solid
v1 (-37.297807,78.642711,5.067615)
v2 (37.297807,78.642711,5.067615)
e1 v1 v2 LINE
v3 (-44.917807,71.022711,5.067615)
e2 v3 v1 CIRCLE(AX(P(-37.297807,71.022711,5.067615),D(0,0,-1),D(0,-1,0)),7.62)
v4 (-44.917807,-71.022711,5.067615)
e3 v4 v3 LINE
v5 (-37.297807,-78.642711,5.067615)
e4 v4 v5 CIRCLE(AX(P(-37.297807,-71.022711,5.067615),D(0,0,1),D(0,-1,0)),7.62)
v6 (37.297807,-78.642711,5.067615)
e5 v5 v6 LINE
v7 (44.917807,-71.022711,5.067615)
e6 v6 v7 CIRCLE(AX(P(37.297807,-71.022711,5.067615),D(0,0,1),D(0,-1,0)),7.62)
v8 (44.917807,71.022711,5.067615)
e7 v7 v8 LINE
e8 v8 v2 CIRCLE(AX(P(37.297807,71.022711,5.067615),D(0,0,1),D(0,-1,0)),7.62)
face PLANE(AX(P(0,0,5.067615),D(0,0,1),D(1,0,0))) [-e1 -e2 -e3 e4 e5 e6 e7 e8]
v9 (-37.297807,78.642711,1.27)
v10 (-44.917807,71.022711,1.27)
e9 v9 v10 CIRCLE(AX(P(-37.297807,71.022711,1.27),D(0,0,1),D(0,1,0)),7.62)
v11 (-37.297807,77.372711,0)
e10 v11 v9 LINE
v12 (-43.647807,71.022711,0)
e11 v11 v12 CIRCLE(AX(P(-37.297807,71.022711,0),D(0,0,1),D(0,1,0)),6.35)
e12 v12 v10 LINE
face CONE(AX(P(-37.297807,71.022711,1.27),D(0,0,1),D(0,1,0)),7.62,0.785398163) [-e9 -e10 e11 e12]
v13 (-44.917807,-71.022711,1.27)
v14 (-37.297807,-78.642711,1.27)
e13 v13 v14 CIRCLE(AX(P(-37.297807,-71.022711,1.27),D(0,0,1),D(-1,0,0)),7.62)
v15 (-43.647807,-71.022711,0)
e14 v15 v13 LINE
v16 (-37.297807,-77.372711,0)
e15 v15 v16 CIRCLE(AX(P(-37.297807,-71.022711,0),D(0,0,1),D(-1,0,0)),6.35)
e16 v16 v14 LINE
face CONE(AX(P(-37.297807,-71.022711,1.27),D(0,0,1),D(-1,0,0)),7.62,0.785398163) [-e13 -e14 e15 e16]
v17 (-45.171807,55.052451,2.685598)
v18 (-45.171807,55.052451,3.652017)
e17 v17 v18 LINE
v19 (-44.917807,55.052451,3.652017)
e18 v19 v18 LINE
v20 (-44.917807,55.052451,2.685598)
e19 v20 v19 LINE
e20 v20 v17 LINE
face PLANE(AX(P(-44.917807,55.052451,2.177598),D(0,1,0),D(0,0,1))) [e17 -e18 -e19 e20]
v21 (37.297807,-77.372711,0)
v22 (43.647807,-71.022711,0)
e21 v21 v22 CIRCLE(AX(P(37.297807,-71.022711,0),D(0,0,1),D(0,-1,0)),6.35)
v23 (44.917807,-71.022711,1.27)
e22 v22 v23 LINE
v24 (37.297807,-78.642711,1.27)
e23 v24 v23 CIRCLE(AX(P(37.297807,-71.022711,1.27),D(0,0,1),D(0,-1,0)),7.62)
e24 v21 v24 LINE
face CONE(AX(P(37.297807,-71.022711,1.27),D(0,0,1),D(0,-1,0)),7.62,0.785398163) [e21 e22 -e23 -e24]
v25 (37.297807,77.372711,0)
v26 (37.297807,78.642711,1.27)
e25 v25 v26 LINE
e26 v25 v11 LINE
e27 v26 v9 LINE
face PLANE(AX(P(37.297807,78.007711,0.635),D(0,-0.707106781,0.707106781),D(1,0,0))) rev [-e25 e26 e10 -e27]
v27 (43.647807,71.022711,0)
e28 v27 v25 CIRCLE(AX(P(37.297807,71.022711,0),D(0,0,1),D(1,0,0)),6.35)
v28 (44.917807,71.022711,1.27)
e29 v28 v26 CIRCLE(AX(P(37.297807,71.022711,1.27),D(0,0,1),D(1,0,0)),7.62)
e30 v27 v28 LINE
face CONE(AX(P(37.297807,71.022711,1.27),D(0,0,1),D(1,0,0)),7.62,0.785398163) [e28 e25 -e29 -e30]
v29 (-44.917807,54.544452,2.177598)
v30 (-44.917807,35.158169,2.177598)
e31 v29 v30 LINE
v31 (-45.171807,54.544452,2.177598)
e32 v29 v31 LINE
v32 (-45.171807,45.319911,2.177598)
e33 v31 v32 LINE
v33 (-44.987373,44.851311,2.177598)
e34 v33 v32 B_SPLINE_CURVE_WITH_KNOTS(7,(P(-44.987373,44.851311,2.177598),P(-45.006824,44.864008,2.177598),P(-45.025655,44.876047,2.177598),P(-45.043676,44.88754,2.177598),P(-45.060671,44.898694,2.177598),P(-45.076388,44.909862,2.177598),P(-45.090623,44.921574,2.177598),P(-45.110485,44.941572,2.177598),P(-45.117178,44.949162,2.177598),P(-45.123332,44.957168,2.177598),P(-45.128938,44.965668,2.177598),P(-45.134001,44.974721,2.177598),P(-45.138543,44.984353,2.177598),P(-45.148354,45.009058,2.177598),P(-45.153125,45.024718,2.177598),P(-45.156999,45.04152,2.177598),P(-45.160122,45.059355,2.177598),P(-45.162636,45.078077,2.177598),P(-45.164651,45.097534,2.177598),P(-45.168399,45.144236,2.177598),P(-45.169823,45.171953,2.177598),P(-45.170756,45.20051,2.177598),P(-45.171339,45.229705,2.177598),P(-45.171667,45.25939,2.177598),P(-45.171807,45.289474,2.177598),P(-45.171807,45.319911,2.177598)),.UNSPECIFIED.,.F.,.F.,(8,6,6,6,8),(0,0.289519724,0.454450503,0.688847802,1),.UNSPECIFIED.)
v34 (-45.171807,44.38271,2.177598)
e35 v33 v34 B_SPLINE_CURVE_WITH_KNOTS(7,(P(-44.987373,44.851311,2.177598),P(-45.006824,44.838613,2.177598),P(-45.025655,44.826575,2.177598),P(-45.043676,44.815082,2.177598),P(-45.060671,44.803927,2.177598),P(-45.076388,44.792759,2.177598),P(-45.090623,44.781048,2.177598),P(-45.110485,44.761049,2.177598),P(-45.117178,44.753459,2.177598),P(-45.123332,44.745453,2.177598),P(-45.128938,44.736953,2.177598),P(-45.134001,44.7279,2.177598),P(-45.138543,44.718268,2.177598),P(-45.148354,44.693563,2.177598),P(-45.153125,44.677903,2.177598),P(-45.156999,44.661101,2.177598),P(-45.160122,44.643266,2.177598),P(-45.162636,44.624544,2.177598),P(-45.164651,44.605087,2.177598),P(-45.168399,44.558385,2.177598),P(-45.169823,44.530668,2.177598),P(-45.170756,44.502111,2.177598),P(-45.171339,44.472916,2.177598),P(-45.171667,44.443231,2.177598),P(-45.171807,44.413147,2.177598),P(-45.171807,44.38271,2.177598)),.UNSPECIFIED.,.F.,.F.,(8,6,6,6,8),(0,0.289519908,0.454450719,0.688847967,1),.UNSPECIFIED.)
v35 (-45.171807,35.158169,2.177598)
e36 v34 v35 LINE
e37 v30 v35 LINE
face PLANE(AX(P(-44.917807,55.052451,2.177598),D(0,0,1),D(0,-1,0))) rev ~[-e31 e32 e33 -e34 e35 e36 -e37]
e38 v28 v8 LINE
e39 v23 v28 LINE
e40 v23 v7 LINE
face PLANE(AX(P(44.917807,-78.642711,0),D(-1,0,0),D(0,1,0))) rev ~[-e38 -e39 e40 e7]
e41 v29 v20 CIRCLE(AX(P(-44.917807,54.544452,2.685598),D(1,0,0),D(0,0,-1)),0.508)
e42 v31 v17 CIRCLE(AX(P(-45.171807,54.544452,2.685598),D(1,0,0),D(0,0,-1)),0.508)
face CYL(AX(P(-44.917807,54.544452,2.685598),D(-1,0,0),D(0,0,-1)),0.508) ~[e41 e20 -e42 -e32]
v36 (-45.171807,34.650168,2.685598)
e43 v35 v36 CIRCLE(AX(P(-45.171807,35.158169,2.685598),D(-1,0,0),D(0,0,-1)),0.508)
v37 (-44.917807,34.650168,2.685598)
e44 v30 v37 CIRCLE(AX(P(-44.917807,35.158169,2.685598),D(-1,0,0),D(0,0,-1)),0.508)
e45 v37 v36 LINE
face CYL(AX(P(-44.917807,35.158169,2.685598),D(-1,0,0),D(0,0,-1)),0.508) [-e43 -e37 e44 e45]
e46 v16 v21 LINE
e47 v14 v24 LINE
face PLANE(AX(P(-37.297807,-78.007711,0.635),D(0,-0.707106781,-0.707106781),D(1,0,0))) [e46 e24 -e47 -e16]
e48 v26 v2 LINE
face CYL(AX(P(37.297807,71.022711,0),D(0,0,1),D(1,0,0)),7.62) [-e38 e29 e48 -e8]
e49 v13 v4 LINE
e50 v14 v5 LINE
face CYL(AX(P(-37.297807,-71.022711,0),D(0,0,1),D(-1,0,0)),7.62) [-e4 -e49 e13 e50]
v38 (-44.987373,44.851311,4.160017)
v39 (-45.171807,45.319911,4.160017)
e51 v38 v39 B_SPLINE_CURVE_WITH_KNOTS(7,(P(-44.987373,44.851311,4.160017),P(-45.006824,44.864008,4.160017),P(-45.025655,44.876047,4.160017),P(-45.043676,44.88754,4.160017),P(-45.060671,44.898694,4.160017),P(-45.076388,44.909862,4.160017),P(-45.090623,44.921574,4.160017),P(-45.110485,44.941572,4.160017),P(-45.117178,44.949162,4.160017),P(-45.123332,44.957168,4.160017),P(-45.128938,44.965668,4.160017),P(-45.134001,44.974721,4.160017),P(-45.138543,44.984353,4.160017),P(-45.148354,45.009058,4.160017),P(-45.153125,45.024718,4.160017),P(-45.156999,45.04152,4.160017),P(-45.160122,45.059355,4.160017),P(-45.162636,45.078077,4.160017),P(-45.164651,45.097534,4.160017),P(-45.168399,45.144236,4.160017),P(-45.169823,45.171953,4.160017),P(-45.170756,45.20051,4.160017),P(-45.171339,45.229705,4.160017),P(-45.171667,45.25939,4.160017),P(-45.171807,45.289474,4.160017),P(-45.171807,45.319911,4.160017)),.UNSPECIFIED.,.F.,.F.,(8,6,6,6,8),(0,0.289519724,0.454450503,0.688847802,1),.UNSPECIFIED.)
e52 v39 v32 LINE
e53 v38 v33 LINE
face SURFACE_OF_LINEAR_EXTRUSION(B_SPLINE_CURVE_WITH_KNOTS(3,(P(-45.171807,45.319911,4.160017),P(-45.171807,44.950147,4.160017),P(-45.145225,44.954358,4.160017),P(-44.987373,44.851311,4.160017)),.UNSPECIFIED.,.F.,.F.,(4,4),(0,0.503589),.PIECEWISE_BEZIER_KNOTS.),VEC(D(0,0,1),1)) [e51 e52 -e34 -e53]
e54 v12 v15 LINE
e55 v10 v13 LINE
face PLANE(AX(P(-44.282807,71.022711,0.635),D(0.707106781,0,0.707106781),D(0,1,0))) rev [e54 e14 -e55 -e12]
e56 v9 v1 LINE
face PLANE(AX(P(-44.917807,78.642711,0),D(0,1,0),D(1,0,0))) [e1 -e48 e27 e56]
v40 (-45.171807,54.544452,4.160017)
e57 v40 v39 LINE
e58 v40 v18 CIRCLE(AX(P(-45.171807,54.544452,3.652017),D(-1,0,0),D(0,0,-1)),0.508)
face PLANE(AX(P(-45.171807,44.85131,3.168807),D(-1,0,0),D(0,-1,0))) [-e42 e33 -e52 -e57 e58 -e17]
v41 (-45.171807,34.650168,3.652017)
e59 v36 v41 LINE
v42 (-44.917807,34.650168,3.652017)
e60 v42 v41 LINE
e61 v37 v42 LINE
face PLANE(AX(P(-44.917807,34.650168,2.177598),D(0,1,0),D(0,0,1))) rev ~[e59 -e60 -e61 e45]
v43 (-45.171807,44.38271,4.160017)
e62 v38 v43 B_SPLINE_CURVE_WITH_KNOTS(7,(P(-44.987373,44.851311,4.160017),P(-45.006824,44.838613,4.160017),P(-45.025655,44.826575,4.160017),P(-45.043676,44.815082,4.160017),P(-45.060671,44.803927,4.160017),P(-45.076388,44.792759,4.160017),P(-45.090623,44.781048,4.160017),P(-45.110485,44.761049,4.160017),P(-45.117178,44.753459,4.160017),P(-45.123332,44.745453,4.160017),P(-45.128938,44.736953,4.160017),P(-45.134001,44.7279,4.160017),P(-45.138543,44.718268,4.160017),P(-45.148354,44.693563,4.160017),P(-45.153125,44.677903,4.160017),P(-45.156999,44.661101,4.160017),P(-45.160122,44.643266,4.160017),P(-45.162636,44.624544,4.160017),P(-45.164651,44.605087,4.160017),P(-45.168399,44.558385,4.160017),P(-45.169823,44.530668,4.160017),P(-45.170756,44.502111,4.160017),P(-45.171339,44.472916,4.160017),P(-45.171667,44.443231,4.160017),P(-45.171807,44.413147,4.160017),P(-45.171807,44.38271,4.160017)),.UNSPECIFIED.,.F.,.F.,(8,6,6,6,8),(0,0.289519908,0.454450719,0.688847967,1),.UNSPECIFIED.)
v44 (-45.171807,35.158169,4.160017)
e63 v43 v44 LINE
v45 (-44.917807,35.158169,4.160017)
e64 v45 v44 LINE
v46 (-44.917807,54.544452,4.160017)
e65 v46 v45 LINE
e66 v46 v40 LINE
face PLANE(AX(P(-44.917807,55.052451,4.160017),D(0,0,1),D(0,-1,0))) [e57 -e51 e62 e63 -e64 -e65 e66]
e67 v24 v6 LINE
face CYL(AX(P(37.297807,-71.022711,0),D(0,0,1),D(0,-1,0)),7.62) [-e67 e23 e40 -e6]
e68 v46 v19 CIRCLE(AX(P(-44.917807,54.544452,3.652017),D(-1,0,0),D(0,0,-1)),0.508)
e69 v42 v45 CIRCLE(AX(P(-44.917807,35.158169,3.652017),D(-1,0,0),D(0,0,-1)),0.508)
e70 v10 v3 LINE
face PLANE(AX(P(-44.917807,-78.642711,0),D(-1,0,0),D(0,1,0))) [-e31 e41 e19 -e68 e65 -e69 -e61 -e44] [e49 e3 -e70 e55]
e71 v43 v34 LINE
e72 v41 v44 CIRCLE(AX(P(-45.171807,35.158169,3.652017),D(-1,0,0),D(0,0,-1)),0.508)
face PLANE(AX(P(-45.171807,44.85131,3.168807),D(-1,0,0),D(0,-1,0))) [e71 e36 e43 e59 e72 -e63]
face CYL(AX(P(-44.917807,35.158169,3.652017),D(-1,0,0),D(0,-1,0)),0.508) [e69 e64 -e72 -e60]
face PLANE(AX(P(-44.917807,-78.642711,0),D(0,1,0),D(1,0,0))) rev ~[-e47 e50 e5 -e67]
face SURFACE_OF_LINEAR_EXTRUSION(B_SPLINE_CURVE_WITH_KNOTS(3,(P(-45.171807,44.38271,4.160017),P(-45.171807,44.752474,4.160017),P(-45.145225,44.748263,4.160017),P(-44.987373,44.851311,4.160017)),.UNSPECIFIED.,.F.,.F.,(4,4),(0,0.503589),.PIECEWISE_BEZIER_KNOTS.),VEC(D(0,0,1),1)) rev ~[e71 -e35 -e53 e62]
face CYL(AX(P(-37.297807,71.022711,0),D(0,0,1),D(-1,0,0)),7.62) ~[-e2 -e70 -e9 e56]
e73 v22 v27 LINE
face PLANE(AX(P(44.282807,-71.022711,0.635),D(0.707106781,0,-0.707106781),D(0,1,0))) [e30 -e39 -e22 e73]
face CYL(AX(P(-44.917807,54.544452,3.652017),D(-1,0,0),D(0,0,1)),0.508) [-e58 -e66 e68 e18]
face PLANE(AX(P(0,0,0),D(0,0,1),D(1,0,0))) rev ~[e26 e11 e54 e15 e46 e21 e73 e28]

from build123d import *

# Parameters (mm, degrees)
F0_W     = 89.835614
F0_H     = 157.285422
F1_DEPTH = 5.067615
F2_R     = 7.62
F3_SIZE  = 1.27
F4_W     = 20.402283
F4_H     = 1.982419
F5_DEPTH = 0.254
F6_R     = 0.508
F8_DEPTH = 4.161017


with BuildPart() as f1:
    # F0 (on Top) → F1 (new body)
    with BuildSketch(Plane.XY):
        Rectangle(F0_W, F0_H)
    extrude(amount=F1_DEPTH)

    # F2
    f2_edges = [f1.edges().sort_by_distance(p)[0] for p in [
        (-44.917807, -78.642711, 2.533807),
        (44.917807, -78.642711, 2.533807),
        (44.917807, 78.642711, 2.533807),
        (-44.917807, 78.642711, 2.533807),
    ]]
    fillet(f2_edges, radius=F2_R)

    # F3
    f3_edges = [f1.edges().sort_by_distance(p)[0] for p in [
        (0, -78.642711, 0),
        (-42.685961, -76.410865, 0),
        (42.685961, -76.410865, 0),
        (-44.917807, 0, 0),
        (44.917807, 0, 0),
        (-42.685961, 76.410865, 0),
        (42.685961, 76.410865, 0),
        (0, 78.642711, 0),
    ]]
    chamfer(f3_edges, length=F3_SIZE)

    # F4 (on face) → F5 (join)
    with BuildSketch(Plane(origin=(-44.917807, 0, 0), x_dir=(0, -1, 0), z_dir=(-1, 0, 0))):
        with Locations((-44.85131, 3.168807)):
            Rectangle(F4_W, F4_H)
    extrude(amount=F5_DEPTH)

    # F6
    f6_edges = [f1.edges().sort_by_distance(p)[0] for p in [
        (-45.044807, 34.650169, 4.160017),
        (-45.044807, 34.650169, 2.177598),
        (-45.044807, 55.052452, 4.160017),
        (-45.044807, 55.052452, 2.177598),
    ]]
    fillet(f6_edges, radius=F6_R)

    # F7 (on face) → F8 (cut, through all)
    with BuildSketch(Plane.XY.offset(4.160017)):
        Polygon((-45.171807, 44.38271), (-45.171807, 45.319911), (-45.36023, 45.319911), (-45.403026, 44.620808), align=None)
        with BuildLine():
            add(Edge.make_bspline(
                [(-45.171807, 45.319911), (-45.171807, 44.950147), (-45.145225, 44.954358), (-44.987373, 44.851311)],
                knots=[0, 0, 0, 0, 0.503589, 0.503589, 0.503589, 0.503589], degree=3))
            Line((-45.171807, 45.319911), (-45.171807, 44.38271))
            add(Edge.make_bspline(
                [(-45.171807, 44.38271), (-45.171807, 44.752474), (-45.145225, 44.748263), (-44.987373, 44.851311)],
                knots=[0, 0, 0, 0, 0.503589, 0.503589, 0.503589, 0.503589], degree=3))
        make_face()
    extrude(amount=-F8_DEPTH, mode=Mode.SUBTRACT)


solid = f1.part
